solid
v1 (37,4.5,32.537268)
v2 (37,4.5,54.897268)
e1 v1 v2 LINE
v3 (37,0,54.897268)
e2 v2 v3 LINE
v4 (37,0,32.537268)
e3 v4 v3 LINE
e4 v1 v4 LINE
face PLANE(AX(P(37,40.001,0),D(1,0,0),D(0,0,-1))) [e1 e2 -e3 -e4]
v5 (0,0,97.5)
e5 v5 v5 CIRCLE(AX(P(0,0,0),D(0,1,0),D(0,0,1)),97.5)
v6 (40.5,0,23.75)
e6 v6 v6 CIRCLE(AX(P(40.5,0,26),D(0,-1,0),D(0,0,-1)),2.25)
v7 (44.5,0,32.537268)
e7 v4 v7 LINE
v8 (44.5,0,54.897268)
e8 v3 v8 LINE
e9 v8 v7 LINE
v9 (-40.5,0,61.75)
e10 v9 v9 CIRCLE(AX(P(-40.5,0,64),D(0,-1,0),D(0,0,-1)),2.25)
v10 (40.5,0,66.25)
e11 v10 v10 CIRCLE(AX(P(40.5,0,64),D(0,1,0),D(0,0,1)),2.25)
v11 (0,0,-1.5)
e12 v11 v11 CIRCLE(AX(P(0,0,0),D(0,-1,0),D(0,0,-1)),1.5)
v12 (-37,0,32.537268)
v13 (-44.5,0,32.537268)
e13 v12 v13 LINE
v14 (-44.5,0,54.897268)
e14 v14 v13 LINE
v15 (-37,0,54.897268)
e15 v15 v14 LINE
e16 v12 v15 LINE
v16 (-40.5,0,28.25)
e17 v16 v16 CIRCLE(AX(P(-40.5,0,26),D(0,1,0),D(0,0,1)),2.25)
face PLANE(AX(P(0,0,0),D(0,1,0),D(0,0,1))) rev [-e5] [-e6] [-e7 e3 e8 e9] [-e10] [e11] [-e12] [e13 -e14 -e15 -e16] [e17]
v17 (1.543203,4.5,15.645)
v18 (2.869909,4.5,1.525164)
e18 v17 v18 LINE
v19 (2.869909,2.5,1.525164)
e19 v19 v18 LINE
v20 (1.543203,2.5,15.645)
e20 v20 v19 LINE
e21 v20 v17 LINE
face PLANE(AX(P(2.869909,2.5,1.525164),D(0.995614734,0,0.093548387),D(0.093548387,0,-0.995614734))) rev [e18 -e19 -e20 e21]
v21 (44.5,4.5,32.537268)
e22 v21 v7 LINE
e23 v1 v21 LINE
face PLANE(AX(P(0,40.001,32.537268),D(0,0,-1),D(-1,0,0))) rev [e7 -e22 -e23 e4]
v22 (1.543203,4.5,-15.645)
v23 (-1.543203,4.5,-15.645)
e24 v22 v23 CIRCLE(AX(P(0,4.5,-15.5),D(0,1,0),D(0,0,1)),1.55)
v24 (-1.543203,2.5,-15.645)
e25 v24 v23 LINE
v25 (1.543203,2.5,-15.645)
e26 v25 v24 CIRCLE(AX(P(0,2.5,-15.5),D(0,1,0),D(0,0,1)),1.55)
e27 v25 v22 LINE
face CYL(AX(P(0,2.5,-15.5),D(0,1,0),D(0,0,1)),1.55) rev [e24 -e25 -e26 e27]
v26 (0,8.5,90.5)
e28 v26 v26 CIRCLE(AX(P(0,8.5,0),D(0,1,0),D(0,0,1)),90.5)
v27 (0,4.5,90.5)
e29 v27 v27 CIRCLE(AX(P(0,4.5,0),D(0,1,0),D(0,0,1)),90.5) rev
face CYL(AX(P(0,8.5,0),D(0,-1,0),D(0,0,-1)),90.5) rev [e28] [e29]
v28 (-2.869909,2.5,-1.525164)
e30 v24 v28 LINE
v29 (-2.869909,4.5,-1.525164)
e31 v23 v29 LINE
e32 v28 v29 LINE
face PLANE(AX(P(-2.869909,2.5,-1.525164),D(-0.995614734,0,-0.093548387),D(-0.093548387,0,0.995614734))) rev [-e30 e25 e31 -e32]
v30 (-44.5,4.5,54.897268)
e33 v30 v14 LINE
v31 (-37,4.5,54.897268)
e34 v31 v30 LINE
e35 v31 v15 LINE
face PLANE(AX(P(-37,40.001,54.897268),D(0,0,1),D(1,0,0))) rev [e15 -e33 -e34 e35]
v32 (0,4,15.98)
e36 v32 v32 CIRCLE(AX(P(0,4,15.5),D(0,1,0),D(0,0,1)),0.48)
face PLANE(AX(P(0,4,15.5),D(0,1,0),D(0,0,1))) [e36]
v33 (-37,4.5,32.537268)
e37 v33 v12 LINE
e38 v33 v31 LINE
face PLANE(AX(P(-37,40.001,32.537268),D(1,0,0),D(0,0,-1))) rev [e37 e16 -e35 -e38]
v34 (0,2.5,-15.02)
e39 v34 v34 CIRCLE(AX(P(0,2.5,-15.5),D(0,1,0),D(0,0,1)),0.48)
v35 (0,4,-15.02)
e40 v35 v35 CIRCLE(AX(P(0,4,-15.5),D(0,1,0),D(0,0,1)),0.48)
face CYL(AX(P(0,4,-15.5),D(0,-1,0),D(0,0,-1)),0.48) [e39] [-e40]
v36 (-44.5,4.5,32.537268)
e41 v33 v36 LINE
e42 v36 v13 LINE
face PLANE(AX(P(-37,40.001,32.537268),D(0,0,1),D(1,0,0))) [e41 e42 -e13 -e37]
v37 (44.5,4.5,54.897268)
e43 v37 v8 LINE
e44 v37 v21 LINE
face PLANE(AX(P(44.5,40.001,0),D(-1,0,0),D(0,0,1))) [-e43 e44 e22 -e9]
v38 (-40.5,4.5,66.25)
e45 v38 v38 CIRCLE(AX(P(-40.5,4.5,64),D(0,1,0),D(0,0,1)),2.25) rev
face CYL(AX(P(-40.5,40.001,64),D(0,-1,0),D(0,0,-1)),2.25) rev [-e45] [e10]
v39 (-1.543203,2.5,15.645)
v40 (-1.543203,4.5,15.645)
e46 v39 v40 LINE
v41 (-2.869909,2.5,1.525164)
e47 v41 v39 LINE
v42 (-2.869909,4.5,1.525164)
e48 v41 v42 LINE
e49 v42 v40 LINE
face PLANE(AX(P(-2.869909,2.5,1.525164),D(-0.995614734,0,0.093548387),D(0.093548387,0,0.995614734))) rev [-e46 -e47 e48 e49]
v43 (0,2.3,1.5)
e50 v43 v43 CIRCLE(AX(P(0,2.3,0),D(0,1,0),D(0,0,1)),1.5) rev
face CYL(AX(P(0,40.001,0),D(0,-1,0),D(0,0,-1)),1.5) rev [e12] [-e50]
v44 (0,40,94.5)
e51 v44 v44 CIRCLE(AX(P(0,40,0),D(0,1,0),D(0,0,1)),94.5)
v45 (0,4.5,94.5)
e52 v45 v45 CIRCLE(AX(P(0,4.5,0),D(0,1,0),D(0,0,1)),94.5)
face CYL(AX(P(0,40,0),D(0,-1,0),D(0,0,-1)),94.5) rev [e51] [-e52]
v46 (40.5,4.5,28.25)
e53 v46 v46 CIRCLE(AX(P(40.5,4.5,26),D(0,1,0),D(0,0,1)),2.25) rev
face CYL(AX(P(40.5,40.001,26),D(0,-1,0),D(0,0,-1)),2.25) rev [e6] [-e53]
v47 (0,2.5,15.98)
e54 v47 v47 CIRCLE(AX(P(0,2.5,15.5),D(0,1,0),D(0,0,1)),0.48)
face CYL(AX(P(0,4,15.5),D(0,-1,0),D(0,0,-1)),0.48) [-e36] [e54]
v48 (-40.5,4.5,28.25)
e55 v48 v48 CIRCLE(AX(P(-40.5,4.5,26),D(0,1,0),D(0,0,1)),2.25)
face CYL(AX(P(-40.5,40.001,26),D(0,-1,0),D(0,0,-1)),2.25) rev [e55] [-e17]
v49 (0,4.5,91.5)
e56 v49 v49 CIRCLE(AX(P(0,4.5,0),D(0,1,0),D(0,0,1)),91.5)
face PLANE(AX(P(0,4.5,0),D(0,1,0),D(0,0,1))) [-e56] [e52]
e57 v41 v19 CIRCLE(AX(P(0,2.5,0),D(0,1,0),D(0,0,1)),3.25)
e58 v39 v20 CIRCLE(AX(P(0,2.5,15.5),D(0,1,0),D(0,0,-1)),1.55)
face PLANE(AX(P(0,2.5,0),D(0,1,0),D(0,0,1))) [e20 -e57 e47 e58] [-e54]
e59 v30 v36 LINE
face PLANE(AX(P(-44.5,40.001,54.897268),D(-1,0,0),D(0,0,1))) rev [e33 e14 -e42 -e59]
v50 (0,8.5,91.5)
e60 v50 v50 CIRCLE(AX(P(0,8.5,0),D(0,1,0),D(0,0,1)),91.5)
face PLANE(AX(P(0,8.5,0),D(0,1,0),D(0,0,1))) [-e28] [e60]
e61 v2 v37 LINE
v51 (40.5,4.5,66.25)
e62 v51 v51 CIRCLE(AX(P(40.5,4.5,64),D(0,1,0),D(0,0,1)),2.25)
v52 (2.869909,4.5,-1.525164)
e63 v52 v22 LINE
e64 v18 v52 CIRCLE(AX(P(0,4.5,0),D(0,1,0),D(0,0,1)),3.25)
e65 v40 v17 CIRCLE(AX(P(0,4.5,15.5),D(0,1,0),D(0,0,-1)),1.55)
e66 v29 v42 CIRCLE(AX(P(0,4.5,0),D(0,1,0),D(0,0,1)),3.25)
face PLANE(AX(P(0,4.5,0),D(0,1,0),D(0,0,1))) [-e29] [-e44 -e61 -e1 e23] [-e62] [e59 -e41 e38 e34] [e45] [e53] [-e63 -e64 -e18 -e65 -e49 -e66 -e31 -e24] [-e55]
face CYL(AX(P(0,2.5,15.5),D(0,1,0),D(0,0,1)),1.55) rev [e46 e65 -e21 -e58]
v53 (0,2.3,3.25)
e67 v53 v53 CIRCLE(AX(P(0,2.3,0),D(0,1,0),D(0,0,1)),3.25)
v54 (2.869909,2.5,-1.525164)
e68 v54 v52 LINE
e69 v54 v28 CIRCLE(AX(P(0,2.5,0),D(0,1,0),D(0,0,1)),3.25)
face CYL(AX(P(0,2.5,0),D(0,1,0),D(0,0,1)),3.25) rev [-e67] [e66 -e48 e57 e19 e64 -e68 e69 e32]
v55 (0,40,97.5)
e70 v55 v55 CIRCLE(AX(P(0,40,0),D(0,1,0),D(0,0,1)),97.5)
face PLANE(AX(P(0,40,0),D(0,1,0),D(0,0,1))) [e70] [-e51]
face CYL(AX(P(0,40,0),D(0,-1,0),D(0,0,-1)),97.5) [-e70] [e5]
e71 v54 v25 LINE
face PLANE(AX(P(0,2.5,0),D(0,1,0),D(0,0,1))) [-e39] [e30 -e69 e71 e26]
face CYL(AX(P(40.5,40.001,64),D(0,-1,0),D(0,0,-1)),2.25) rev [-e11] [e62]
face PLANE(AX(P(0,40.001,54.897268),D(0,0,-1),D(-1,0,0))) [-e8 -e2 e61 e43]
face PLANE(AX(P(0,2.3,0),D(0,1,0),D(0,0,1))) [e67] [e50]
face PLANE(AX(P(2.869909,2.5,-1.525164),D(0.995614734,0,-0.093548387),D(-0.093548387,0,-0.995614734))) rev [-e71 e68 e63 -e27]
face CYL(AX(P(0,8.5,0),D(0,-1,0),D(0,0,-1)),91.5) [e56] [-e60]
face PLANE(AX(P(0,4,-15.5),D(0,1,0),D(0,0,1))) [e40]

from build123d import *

# Parameters (mm, degrees)
SKETCH3_R                 = 97.5
BOSS_EXTRUDE3_DEPTH       = 40
SHELL4_T                  = -3
SHELL4_THICKNESS_2_FACE_R = 94.5
SHELL4_THICKNESS_2_DEPTH  = 1.5
CUT_EXTRUDE1_DEPTH        = 2
CUT_EXTRUDE2_REACH        = 145.571
SKETCH5_R                 = 1.5
SKETCH6_R                 = 3.25
CUT_EXTRUDE3_DEPTH        = 0.2
SKETCH7_R                 = 0.48
BOSS_EXTRUDE4_DEPTH       = 1.5
SKETCH8_R                 = 91.5
SKETCH8_R_2               = 90.5
BOSS_EXTRUDE5_DEPTH       = 4
CUT_EXTRUDE12_REACH       = 145.571
SKETCH9_R                 = 2.25
CUT_EXTRUDE13_REACH       = 145.571
SKETCH9_4_W               = 7.5
SKETCH9_4_H               = 22.36


with BuildPart() as part:
    # Sketch3 → Boss-Extrude3 (new body)
    with BuildSketch(Plane(origin=(0, 0, 0), x_dir=(1, 0, 0), z_dir=(0, 1, 0))):
        with Locations(Location((0, 0, 0), (0, 0, 270))):
            Circle(SKETCH3_R)
    extrude(amount=BOSS_EXTRUDE3_DEPTH)

    # Shell4
    shell4_openings = [part.faces().sort_by_distance(p)[0] for p in [
        (0, 40, 0),
    ]]
    offset(amount=SHELL4_T, openings=shell4_openings, kind=Kind.INTERSECTION)

    # Shell4 thickness 2 face (on inner face of the shell) → Shell4 thickness 2 (add)
    with BuildSketch(Plane(origin=(0, 3, 0), x_dir=(0, 0, -1), z_dir=(0, -1, 0))):
        Circle(SHELL4_THICKNESS_2_FACE_R)
    extrude(amount=-SHELL4_THICKNESS_2_DEPTH)

    # Sketch4 → Cut-Extrude1 (cut)
    with BuildSketch(Plane(origin=(0, 4.5, 0), x_dir=(1, 0, 0), z_dir=(0, 1, 0))):
        with BuildLine():
            Line((2.869908719, 1.525163579), (1.543202838, 15.645))
            ThreePointArc((1.543202838, 15.645), (0, 17.05), (-1.543202838, 15.645))
            Line((-1.543202838, 15.645), (-2.869908719, 1.525163579))
            ThreePointArc((-2.869908719, 1.525163579), (-3.25, 0), (-2.869908719, -1.525163579))
            Line((-2.869908719, -1.525163579), (-1.543202838, -15.645))
            ThreePointArc((-1.543202838, -15.645), (0, -17.05), (1.543202838, -15.645))
            Line((1.543202838, -15.645), (2.869908719, -1.525163579))
            ThreePointArc((2.869908719, -1.525163579), (3.25, 0), (2.869908719, 1.525163579))
        make_face()
    extrude(amount=-CUT_EXTRUDE1_DEPTH, mode=Mode.SUBTRACT)

    # Sketch5 → Cut-Extrude2 (cut, up to next)
    with BuildSketch(Plane.XZ, mode=Mode.PRIVATE) as cut_extrude2_sk1:
        with Locations(Location((0, 0, 0), (0, 0, 270))):
            Circle(SKETCH5_R)
    cut_extrude2_tool1 = extrude(cut_extrude2_sk1.sketch, amount=-CUT_EXTRUDE2_REACH, mode=Mode.PRIVATE) & part.part
    add(cut_extrude2_tool1.solids().sort_by_distance((0, 0, 0))[0], mode=Mode.SUBTRACT)

    # Sketch6 → Cut-Extrude3 (cut)
    with BuildSketch(Plane(origin=(0, 2.5, 0), x_dir=(1, 0, 0), z_dir=(0, 1, 0))):
        with Locations(Location((0, 0, 0), (0, 0, 270))):
            Circle(SKETCH6_R)
    extrude(amount=-CUT_EXTRUDE3_DEPTH, mode=Mode.SUBTRACT)

    # Sketch7 → Boss-Extrude4 (add)
    with BuildSketch(Plane(origin=(0, 2.5, 0), x_dir=(1, 0, 0), z_dir=(0, 1, 0))):
        with Locations(Location((0, 15.5, 0), (0, 0, 270))):
            Circle(SKETCH7_R)
        with Locations(Location((0, -15.5, 0), (0, 0, 270))):
            Circle(SKETCH7_R)
    extrude(amount=BOSS_EXTRUDE4_DEPTH)

    # Sketch8 → Boss-Extrude5 (add)
    with BuildSketch(Plane(origin=(0, 4.5, 0), x_dir=(1, 0, 0), z_dir=(0, 1, 0))):
        with Locations(Location((0, 0, 0), (0, 0, 270))):
            Circle(SKETCH8_R)
        with Locations(Location((0, 0, 0), (0, 0, 270))):
            Circle(SKETCH8_R_2, mode=Mode.SUBTRACT)
    extrude(amount=BOSS_EXTRUDE5_DEPTH)

    # Sketch9 → Cut-Extrude12 (cut, up to next)
    with BuildSketch(Plane.XZ, mode=Mode.PRIVATE) as cut_extrude12_sk1:
        with Locations(Location((40.5, 26, 0), (0, 0, 270))):
            Circle(SKETCH9_R)
    cut_extrude12_tool1 = extrude(cut_extrude12_sk1.sketch, amount=-CUT_EXTRUDE12_REACH, mode=Mode.PRIVATE) & part.part
    # Sketch9 → Cut-Extrude12 (cut, up to next)
    with BuildSketch(Plane.XZ, mode=Mode.PRIVATE) as cut_extrude12_sk2:
        with Locations(Location((40.5, 64, 0), (0, 0, 90))):
            Circle(SKETCH9_R)
    cut_extrude12_tool2 = extrude(cut_extrude12_sk2.sketch, amount=-CUT_EXTRUDE12_REACH, mode=Mode.PRIVATE) & part.part
    # Sketch9 → Cut-Extrude12 (cut, up to next)
    with BuildSketch(Plane.XZ, mode=Mode.PRIVATE) as cut_extrude12_sk3:
        with Locations(Location((-40.5, 64, 0), (0, 0, 270))):
            Circle(SKETCH9_R)
    cut_extrude12_tool3 = extrude(cut_extrude12_sk3.sketch, amount=-CUT_EXTRUDE12_REACH, mode=Mode.PRIVATE) & part.part
    # Sketch9 → Cut-Extrude12 (cut, up to next)
    with BuildSketch(Plane.XZ, mode=Mode.PRIVATE) as cut_extrude12_sk4:
        with Locations(Location((-40.5, 26, 0), (0, 0, 90))):
            Circle(SKETCH9_R)
    cut_extrude12_tool4 = extrude(cut_extrude12_sk4.sketch, amount=-CUT_EXTRUDE12_REACH, mode=Mode.PRIVATE) & part.part
    add(cut_extrude12_tool1.solids().sort_by_distance((40.5, 0, 26))[0], mode=Mode.SUBTRACT)
    add(cut_extrude12_tool2.solids().sort_by_distance((40.5, 0, 64))[0], mode=Mode.SUBTRACT)
    add(cut_extrude12_tool3.solids().sort_by_distance((-40.5, 0, 64))[0], mode=Mode.SUBTRACT)
    add(cut_extrude12_tool4.solids().sort_by_distance((-40.5, 0, 26))[0], mode=Mode.SUBTRACT)

    # Sketch9<4> → Cut-Extrude13 (cut, up to next)
    with BuildSketch(Plane.XZ, mode=Mode.PRIVATE) as cut_extrude13_sk1:
        with Locations((40.75, 43.717267505)):
            Rectangle(SKETCH9_4_W, SKETCH9_4_H)
    cut_extrude13_tool1 = extrude(cut_extrude13_sk1.sketch, amount=-CUT_EXTRUDE13_REACH, mode=Mode.PRIVATE) & part.part
    # Sketch9<4> → Cut-Extrude13 (cut, up to next)
    with BuildSketch(Plane.XZ, mode=Mode.PRIVATE) as cut_extrude13_sk2:
        with Locations((-40.75, 43.717267505)):
            Rectangle(SKETCH9_4_W, SKETCH9_4_H)
    cut_extrude13_tool2 = extrude(cut_extrude13_sk2.sketch, amount=-CUT_EXTRUDE13_REACH, mode=Mode.PRIVATE) & part.part
    add(cut_extrude13_tool1.solids().sort_by_distance((40.75, 0, 43.717268))[0], mode=Mode.SUBTRACT)
    add(cut_extrude13_tool2.solids().sort_by_distance((-40.75, 0, 43.717268))[0], mode=Mode.SUBTRACT)


solid = part.part
